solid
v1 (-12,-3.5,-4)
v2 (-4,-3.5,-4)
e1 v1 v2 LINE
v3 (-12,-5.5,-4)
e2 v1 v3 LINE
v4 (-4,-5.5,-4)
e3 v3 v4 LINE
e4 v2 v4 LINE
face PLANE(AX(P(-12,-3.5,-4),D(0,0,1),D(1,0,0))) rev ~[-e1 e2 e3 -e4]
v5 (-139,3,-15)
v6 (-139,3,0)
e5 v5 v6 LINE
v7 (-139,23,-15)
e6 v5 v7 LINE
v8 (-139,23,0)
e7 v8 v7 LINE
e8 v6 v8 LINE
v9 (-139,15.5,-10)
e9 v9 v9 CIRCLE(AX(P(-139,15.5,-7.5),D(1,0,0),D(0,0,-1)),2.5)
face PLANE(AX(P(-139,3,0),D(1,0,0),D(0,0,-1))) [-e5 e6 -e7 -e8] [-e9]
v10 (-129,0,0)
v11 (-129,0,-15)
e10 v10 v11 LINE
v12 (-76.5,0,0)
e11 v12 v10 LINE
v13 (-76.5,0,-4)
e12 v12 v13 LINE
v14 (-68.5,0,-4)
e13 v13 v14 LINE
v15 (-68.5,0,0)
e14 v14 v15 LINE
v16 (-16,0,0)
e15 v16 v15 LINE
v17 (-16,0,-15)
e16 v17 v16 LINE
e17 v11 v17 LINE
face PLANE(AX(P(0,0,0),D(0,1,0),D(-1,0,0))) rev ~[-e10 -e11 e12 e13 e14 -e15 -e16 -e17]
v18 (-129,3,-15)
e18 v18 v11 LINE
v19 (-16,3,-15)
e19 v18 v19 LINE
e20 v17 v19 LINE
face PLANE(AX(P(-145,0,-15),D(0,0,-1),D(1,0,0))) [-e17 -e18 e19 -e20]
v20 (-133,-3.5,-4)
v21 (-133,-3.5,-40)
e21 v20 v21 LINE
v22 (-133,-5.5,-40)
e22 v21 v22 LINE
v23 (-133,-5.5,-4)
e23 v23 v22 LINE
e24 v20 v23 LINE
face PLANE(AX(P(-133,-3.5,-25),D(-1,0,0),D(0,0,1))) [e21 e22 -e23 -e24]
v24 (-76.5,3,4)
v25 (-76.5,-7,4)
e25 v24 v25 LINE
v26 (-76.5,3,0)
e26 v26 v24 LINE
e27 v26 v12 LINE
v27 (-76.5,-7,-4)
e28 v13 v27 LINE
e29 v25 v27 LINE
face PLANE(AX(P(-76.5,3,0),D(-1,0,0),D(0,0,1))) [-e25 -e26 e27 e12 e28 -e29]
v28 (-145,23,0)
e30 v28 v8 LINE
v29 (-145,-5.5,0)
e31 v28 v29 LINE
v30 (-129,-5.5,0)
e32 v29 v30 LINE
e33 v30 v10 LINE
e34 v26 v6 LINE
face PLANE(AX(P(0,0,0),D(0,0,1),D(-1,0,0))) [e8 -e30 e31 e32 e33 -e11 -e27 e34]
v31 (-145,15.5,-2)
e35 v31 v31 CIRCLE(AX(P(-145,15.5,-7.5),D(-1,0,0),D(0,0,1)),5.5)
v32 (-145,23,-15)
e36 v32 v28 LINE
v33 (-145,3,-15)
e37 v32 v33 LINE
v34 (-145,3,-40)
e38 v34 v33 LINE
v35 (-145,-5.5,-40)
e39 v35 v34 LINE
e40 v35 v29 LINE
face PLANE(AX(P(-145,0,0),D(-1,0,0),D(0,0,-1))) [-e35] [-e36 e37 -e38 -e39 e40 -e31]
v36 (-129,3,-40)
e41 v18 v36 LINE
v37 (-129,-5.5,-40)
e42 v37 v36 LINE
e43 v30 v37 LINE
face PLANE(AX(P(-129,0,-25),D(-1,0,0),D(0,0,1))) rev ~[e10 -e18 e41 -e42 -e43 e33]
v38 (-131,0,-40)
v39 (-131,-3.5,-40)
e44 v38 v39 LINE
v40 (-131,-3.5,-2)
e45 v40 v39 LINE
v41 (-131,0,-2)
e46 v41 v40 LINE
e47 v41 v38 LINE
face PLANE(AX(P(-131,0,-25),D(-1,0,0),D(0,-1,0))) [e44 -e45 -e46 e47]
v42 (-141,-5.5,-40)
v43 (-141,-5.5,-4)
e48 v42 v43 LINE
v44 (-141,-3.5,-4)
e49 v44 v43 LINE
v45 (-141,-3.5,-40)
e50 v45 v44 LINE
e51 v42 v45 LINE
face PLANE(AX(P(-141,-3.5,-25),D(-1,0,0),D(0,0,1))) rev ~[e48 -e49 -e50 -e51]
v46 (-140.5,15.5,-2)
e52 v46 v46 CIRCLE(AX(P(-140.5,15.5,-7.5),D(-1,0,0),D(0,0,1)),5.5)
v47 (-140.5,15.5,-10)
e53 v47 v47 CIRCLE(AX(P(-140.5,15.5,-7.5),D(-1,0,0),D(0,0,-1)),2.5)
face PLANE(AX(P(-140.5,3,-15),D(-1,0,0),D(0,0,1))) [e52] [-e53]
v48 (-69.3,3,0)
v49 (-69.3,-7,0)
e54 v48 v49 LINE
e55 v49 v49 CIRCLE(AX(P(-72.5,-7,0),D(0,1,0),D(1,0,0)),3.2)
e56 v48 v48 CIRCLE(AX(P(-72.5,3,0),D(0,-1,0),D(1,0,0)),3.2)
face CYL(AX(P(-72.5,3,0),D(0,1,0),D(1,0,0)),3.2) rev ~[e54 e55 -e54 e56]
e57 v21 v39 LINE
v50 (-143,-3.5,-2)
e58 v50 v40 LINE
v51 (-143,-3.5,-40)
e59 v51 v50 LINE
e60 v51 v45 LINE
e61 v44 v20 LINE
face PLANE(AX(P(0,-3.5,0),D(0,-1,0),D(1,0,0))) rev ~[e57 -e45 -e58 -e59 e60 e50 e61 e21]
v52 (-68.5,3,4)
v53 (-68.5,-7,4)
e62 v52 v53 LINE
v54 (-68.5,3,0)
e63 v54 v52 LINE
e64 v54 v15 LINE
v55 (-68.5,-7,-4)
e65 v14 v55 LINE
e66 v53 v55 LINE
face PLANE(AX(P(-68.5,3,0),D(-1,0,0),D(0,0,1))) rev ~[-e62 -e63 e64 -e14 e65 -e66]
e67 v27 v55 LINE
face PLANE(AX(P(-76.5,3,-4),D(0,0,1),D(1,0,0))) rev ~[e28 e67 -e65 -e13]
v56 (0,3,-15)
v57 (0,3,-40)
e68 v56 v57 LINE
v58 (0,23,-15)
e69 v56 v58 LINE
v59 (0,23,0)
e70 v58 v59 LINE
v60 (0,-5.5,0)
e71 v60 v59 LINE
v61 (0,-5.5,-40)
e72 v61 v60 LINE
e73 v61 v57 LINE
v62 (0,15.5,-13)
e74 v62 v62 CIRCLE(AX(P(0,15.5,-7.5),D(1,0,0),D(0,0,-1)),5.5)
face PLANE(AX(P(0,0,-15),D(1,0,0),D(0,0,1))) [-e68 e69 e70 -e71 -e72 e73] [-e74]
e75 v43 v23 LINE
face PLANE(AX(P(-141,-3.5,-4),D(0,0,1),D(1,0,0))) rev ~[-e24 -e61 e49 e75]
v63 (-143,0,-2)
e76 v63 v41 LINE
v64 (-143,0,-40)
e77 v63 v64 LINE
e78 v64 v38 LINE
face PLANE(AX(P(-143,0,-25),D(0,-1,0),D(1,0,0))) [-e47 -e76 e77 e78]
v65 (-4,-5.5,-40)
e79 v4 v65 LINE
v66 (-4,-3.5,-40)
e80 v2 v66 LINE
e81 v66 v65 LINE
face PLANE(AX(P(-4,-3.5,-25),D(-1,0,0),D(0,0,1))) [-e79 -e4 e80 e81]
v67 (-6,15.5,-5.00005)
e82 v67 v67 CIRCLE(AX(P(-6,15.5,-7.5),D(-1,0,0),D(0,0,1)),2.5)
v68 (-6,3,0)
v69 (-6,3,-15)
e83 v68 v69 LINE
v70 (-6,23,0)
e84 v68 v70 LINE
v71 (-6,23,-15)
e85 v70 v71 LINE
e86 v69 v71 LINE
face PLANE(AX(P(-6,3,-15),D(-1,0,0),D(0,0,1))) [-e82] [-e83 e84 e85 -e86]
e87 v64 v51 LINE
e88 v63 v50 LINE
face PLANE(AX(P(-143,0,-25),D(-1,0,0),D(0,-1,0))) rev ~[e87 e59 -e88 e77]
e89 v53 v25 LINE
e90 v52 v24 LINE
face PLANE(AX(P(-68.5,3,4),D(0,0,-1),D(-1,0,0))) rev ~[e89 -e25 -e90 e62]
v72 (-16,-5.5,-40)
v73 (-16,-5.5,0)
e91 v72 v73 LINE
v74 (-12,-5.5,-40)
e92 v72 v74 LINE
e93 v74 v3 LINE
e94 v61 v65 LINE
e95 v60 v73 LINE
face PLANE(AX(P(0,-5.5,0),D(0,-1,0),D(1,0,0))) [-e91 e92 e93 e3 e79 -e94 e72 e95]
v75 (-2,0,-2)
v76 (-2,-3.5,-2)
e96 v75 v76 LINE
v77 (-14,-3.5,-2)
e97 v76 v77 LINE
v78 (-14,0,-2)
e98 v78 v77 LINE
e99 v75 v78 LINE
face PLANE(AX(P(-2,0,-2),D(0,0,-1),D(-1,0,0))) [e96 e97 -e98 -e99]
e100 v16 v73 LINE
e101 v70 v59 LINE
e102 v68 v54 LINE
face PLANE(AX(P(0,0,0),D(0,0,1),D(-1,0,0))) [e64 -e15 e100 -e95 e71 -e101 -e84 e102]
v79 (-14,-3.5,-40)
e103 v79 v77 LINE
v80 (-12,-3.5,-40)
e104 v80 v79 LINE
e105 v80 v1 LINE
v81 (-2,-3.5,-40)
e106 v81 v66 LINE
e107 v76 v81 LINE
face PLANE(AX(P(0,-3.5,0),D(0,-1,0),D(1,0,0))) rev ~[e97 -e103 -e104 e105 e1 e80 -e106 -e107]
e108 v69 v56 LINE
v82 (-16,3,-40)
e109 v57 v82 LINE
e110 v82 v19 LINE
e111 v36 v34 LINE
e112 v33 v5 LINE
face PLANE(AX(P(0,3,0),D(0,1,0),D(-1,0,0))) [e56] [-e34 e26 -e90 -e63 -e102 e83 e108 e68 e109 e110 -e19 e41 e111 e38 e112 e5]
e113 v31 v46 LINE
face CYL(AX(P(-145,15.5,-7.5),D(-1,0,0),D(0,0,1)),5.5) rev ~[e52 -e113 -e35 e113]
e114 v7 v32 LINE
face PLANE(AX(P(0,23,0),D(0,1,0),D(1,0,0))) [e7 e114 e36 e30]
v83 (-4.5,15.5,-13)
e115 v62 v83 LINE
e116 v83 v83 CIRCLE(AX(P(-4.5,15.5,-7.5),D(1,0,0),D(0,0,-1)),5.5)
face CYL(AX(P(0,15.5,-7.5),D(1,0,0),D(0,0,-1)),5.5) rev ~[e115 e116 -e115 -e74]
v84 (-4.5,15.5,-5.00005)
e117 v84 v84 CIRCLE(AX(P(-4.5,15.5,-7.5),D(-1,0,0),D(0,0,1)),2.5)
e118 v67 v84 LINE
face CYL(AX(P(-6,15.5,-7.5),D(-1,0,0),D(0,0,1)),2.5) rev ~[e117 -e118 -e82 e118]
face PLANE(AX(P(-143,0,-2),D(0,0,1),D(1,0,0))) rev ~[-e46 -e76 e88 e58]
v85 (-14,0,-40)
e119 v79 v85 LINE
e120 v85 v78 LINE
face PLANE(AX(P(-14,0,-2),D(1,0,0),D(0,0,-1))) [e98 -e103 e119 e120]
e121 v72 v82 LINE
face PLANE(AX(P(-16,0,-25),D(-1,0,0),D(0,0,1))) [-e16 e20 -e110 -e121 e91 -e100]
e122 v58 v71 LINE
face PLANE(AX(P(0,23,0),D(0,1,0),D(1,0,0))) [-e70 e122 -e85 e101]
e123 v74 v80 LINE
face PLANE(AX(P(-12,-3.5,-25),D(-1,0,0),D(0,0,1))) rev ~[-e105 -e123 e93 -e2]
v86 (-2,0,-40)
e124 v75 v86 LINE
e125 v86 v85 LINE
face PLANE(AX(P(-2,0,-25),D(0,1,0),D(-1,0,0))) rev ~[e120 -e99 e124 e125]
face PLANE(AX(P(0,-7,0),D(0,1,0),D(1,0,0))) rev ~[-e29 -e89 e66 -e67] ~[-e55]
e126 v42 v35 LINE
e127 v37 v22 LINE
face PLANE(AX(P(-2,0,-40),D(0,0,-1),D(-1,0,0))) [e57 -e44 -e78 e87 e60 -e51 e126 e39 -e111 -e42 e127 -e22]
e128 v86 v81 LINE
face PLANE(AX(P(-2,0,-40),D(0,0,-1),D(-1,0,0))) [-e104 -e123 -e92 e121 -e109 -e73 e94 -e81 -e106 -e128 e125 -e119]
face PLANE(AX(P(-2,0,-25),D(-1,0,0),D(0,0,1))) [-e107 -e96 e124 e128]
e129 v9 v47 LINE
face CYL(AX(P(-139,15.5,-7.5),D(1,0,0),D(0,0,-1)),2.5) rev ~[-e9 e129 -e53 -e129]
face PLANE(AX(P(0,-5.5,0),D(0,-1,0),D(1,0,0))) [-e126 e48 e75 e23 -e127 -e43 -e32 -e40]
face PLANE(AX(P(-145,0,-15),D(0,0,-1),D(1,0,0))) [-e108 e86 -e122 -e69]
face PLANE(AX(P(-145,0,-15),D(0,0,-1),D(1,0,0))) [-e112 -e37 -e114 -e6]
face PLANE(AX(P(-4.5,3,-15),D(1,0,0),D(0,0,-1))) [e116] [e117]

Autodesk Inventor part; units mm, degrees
ref_plane "YZ Plane" through (0, 0, 0) normal (1, 0, 0) x (0, 1, 0)
ref_plane "XZ Plane" through (0, 0, 0) normal (0, 1, 0) x (-1, 0, 0)
ref_plane "XY Plane" through (0, 0, 0) normal (0, 0, 1) x (1, 0, 0)
sketch "Sketch1" plane through (0, 0, 0) normal (0, 1, 0) x (-1, 0, 0)
  line L0 (0, 0) -> (145, 0)
  line L1 (145, 0) -> (145, -15)
  line L2 (145, -15) -> (0, -15)
  line L3 (0, -15) -> (0, 0)
  dimension "d0" = 145
  dimension "d1" = 15
extrude "Extrusion1" add sketch "Sketch1" along normal blind 3
sketch "Sketch2" plane through (0, 3, 0) normal (0, 1, 0) x (1, 0, 0)
  line L0 (-145, 0) -> (0, 0) projected
  line L1 (0, 15) -> (-145, 15) projected
  line L2 (-145, 0) -> (-139, 0)
  line L3 (-139, 0) -> (-139, 15)
  line L4 (-139, 15) -> (-145, 15)
  line L5 (-145, 15) -> (-145, 0)
  line L6 (0, 0) -> (-6, 0)
  line L7 (-6, 0) -> (-6, 15)
  line L8 (-6, 15) -> (0, 15)
  line L9 (0, 15) -> (0, 0)
  dimension "d4" = 6
  dimension "d5" = 6
extrude "Extrusion2" add sketch "Sketch2" along normal blind 20 contours L5 L1 L3 L0 | L7 L1 L9 L0
sketch "Sketch3" plane through (0, 0, 0) normal (1, 0, 0) x (0, 0, -1)
  line L0 (0, 3) -> (15, 3) construction
  line L1 (7.5, 3) -> (7.5, 15.5) construction
  circle A0 centre (7.5, 15.5) radius 5
  point P0 (0, 0)
  dimension "d8" = 12.5
  dimension "d9" = 10
extrude "Extrusion3" cut sketch "Sketch3" against normal blind 156
sketch "Sketch4" plane through (-139, 3, 0) normal (1, 0, 0) x (0, 0, -1)
  circle A0 centre (7.5, 12.5) radius 5 projected
  circle A1 centre (7.5, 12.5) radius 5
  circle A2 centre (7.5, 12.5) radius 5 projected
  circle A3 centre (7.5, 12.5) radius 2.5
  point P0 (0, -3)
  dimension "d12" = 5
extrude "Extrusion4" add sketch "Sketch4" against normal blind 1.5
sketch "Sketch5" plane through (-6, 3, -15) normal (-1, 0, 0) x (0, 0, 1)
  circle A0 centre (7.5, 12.5) radius 2.5 projected
  circle A1 centre (7.5, 12.5) radius 5
  circle A2 centre (7.5, 12.5) radius 2.4999
  point P0 (15, -3)
extrude "Extrusion5" add sketch "Sketch5" against normal blind 1.5
sketch "Sketch6" plane through (0, 3, 0) normal (0, 1, 0) x (1, 0, 0)
  line L0 (0, 0) -> (-145, 0) projected
  line L1 (-72.5, 0) -> (-76.5, 0)
  line L2 (-76.5, 0) -> (-76.5, -4)
  line L3 (-76.5, -4) -> (-72.5, -4)
  line L4 (-72.5, -4) -> (-72.5, 0)
  line L5 (-72.5, 0) -> (-68.5, 0)
  line L6 (-68.5, 0) -> (-68.5, -4)
  line L7 (-68.5, -4) -> (-72.5, -4)
  line L8 (-72.5, -4) -> (-72.5, 0)
  dimension "d17" = 4
  dimension "d18" = 4
  dimension "d19" = 4
extrude "Extrusion6" add sketch "Sketch6" against normal blind 3
sketch "Sketch7" plane through (0, 3, 0) normal (0, 1, 0) x (1, 0, 0)
  circle A0 centre (-72.5, 0) radius 3.2
  line L0 (-68.5, 0) -> (-68.5, -4) projected
  line L1 (-68.5, -4) -> (-76.5, -4)
  line L2 (-76.5, -4) -> (-76.5, 4)
  line L3 (-76.5, 4) -> (-68.5, 4)
  line L4 (-68.5, 4) -> (-68.5, -4)
  point P0 (0, 0)
  dimension "d22" = 6.4
  dimension "d23" = 8
extrude "Extrusion7" add sketch "Sketch7" against normal blind 10
sketch "Sketch8" plane through (-72.5, 0, 0) normal (0, -1, 0) x (1, 0, 0)
  point P0 (72.5, 0)
sketch "Sketch9" plane through (-72.5, 0, 0) normal (0, -1, 0) x (1, 0, 0)
  circle A0 centre (0, 0) radius 3.2
  point P0 (72.5, 0)
extrude "Extrusion8" cut sketch "Sketch9" against normal blind 7.5
sketch "Sketch10" plane through (0, 0, 0) normal (0, -1, 0) x (1, 0, 0)
  line L0 (0, 0) -> (0, -15) construction
  line L1 (0, 0) -> (-16, 0) construction
  line L2 (-16, 0) -> (-16, -25) construction
  line L3 (-16, -25) -> (0, -25) construction
  line L4 (0, -25) -> (0, 0) construction
  line L5 (-145, -15) -> (-145, 0) construction
  line L6 (-145, 0) -> (-129, 0) construction
  line L7 (-129, 0) -> (-129, -25) construction
  line L8 (-129, -25) -> (-145, -25) construction
  line L9 (-145, -25) -> (-145, 0) construction
  line L10 (0, -25) -> (-2, -25)
  line L11 (-2, -25) -> (-2, -2)
  line L12 (-2, -2) -> (-14, -2)
  line L13 (-14, -2) -> (-14, -25)
  line L14 (-16, -25) -> (-16, 0)
  line L15 (-68.5, 0) -> (-6, 0) projected
  line L16 (-6, 0) -> (0, 0) projected
  line L17 (0, 0) -> (-16, 0)
  line L18 (0, -25) -> (0, 0)
  line L19 (0, -2.5) -> (-4.5, -2.5) projected
  line L20 (-129, -25) -> (-129, 0)
  line L21 (-145, 0) -> (-139, 0) projected
  line L22 (-145, 0) -> (-145, -25)
  line L23 (-145, -25) -> (-143, -25)
  line L24 (-143, -25) -> (-143, -2)
  line L25 (-143, -2) -> (-131, -2)
  line L26 (-131, -2) -> (-131, -25)
  line L27 (-129, -25) -> (-131, -25)
  line L28 (-14, -25) -> (-16, -25)
  line L29 (-129, 0) -> (-145, 0)
  dimension "d28" = 16
  dimension "d29" = 25
  dimension "d30" = 16
  dimension "d31" = 25
  dimension "d32" = 2
  dimension "d33" = 23
  dimension "d34" = 12
  dimension "d35" = 2
  dimension "d36" = 23
  dimension "d37" = 12
extrude "Extrusion9" add sketch "Sketch10" along normal blind 3.5
sketch "Sketch11" plane through (0, 0, 0) normal (0, 1, 0) x (1, 0, 0)
  line L0 (0, 25) -> (0, 0) projected
  line L1 (-16, 0) -> (-16, 25) projected
  line L2 (0, 25) -> (-16, 25)
  line L3 (-16, 25) -> (-16, 15.0002)
  line L4 (-16, 15.0002) -> (0, 15.0002)
  line L5 (0, 15.0002) -> (0, 25)
  line L6 (-131, 25) -> (-129, 25) projected
  line L7 (-145, 0) -> (-145, 25) projected
  line L8 (-129, 25) -> (-145, 25)
  line L9 (-145, 25) -> (-145, 15.0002)
  line L10 (-145, 15.0002) -> (-129, 15.0002)
  line L11 (-129, 15.0002) -> (-129, 25)
extrude "Extrusion10" add sketch "Sketch11" along normal blind 3
sketch "Sketch12" plane through (0, -3.5, 0) normal (0, -1, 0) x (1, 0, 0)
  line L0 (0, -25) -> (0, 0) projected
  line L1 (0, 0) -> (-16, 0) projected
  line L2 (0, -25) -> (-4, -25)
  line L3 (-4, -25) -> (-4, 0)
  line L4 (-4, 0) -> (0, 0)
  line L5 (0, 0) -> (0, -25)
  line L6 (-16, 0) -> (-16, -25) projected
  line L7 (0, 0) -> (-16, 0)
  line L8 (-16, 0) -> (-16, -4)
  line L9 (-16, -4) -> (0, -4)
  line L10 (0, -4) -> (0, 0)
  line L11 (-16, -25) -> (-12, -25)
  line L12 (-12, -25) -> (-12, 0)
  line L13 (-12, 0) -> (-16, 0)
  line L14 (-16, 0) -> (-16, -25)
  line L15 (-129, 0) -> (-145, 0) projected
  line L16 (-129, -25) -> (-133, -25)
  line L17 (-133, -25) -> (-133, 0)
  line L18 (-133, 0) -> (-129, 0)
  line L19 (-129, 0) -> (-129, -25)
  line L20 (-145, -25) -> (-143, -25) projected
  line L21 (-145, -25) -> (-141, -25)
  line L22 (-141, -25) -> (-141, 0)
  line L23 (-141, 0) -> (-145, 0)
  line L24 (-145, 0) -> (-145, -25)
  line L25 (-129, 0) -> (-145, 0)
  line L26 (-145, 0) -> (-145, -4)
  line L27 (-145, -4) -> (-129, -4)
  line L28 (-129, -4) -> (-129, 0)
  dimension "d42" = 4
  dimension "d43" = 4
  dimension "d44" = 4
  dimension "d45" = 4
  dimension "d46" = 4
extrude "Extrusion11" add sketch "Sketch12" along normal blind 2
sketch "Sketch13" plane through (-2, 0, -25) normal (0, 0, -1) x (-1, 0, 0)
  line L0 (-2, 3) -> (14, 3) projected
  line L1 (2, -5.5) -> (-2, -5.5) projected
  line L2 (-2, 3) -> (0, 3)
  line L3 (0, 3) -> (0, -5.5)
  line L4 (0, -5.5) -> (-2, -5.5)
  line L5 (-2, -5.5) -> (-2, 3)
  line L6 (0, 0) -> (0, -3.5) projected
  line L7 (2, -5.5) -> (0, -5.5)
  line L8 (0, -5.5) -> (0, -3.5)
  line L9 (0, -3.5) -> (2, -3.5)
  line L10 (2, -3.5) -> (2, -5.5)
  line L11 (14, -5.5) -> (10, -5.5) projected
  line L12 (10, -3.5) -> (14, -3.5)
  line L13 (14, -3.5) -> (14, -5.5)
  line L14 (14, -5.5) -> (10, -5.5)
  line L15 (10, -5.5) -> (10, -3.5)
  line L16 (66.5, 3) -> (4, 3) projected
  line L17 (14, -3.5) -> (12, -3.5)
  line L18 (12, -3.5) -> (12, 3)
  line L19 (12, 3) -> (14, 3)
  line L20 (14, 3) -> (14, -3.5)
  line L21 (0, 0) -> (12, 0) projected
  line L22 (12, 3) -> (0, 3)
  line L23 (0, 3) -> (0, 0)
  line L24 (0, 0) -> (12, 0)
  line L25 (12, 0) -> (12, 3)
  line L26 (127, 0) -> (127, 3) projected
  line L27 (143, 3) -> (143, -5.5) projected
  line L28 (127, 3) -> (143, 3)
  line L29 (143, 3) -> (143, 0)
  line L30 (143, 0) -> (127, 0)
  line L31 (127, 0) -> (127, 3)
  line L32 (143, -5.5) -> (139, -5.5) projected
  line L33 (143, 0) -> (141, 0)
  line L34 (141, 0) -> (141, -5.5)
  line L35 (141, -5.5) -> (143, -5.5)
  line L36 (143, -5.5) -> (143, 0)
  line L37 (141, -3.5) -> (139, -3.5) projected
  line L38 (139, -3.5) -> (141, -3.5)
  line L39 (141, -3.5) -> (141, -5.5)
  line L40 (141, -5.5) -> (139, -5.5)
  line L41 (139, -5.5) -> (139, -3.5)
  line L42 (127, 0) -> (14, 0) projected
  line L43 (131, -5.5) -> (127, -5.5) projected
  line L44 (127, 0) -> (129, 0)
  line L45 (129, 0) -> (129, -5.5)
  line L46 (129, -5.5) -> (127, -5.5)
  line L47 (127, -5.5) -> (127, 0)
  line L48 (131, -3.5) -> (131, -5.5) projected
  line L49 (131, -3.5) -> (129, -3.5)
  line L50 (129, -3.5) -> (129, -5.5)
  line L51 (129, -5.5) -> (131, -5.5)
  line L52 (131, -5.5) -> (131, -3.5)
  point P0 (-2, 0)
extrude "Extrusion12" add sketch "Sketch13" along normal blind 15 and the other way blind 16.5
sketch "Sketch14" plane through (-145, 3, -15) normal (-1, 0, 0) x (0, 0, 1)
  circle A0 centre (7.5, 12.5) radius 2.5 projected
  circle A1 centre (7.5, 12.5) radius 5.5
  point P0 (15, -3)
  dimension "d53" = 11
extrude "Extrusion13" cut sketch "Sketch14" against normal blind 4.5
sketch "Sketch15" plane through (0, 3, -15) normal (1, 0, 0) x (0, 0, -1)
  circle A0 centre (-7.5, 12.5) radius 5.5 projected
  circle A1 centre (-7.5, 12.5) radius 5.5
  point P0 (-15, -3)
extrude "Extrusion14" cut sketch "Sketch15" against normal blind 4.5
properties part number "frontAxelHolder 9-1"
